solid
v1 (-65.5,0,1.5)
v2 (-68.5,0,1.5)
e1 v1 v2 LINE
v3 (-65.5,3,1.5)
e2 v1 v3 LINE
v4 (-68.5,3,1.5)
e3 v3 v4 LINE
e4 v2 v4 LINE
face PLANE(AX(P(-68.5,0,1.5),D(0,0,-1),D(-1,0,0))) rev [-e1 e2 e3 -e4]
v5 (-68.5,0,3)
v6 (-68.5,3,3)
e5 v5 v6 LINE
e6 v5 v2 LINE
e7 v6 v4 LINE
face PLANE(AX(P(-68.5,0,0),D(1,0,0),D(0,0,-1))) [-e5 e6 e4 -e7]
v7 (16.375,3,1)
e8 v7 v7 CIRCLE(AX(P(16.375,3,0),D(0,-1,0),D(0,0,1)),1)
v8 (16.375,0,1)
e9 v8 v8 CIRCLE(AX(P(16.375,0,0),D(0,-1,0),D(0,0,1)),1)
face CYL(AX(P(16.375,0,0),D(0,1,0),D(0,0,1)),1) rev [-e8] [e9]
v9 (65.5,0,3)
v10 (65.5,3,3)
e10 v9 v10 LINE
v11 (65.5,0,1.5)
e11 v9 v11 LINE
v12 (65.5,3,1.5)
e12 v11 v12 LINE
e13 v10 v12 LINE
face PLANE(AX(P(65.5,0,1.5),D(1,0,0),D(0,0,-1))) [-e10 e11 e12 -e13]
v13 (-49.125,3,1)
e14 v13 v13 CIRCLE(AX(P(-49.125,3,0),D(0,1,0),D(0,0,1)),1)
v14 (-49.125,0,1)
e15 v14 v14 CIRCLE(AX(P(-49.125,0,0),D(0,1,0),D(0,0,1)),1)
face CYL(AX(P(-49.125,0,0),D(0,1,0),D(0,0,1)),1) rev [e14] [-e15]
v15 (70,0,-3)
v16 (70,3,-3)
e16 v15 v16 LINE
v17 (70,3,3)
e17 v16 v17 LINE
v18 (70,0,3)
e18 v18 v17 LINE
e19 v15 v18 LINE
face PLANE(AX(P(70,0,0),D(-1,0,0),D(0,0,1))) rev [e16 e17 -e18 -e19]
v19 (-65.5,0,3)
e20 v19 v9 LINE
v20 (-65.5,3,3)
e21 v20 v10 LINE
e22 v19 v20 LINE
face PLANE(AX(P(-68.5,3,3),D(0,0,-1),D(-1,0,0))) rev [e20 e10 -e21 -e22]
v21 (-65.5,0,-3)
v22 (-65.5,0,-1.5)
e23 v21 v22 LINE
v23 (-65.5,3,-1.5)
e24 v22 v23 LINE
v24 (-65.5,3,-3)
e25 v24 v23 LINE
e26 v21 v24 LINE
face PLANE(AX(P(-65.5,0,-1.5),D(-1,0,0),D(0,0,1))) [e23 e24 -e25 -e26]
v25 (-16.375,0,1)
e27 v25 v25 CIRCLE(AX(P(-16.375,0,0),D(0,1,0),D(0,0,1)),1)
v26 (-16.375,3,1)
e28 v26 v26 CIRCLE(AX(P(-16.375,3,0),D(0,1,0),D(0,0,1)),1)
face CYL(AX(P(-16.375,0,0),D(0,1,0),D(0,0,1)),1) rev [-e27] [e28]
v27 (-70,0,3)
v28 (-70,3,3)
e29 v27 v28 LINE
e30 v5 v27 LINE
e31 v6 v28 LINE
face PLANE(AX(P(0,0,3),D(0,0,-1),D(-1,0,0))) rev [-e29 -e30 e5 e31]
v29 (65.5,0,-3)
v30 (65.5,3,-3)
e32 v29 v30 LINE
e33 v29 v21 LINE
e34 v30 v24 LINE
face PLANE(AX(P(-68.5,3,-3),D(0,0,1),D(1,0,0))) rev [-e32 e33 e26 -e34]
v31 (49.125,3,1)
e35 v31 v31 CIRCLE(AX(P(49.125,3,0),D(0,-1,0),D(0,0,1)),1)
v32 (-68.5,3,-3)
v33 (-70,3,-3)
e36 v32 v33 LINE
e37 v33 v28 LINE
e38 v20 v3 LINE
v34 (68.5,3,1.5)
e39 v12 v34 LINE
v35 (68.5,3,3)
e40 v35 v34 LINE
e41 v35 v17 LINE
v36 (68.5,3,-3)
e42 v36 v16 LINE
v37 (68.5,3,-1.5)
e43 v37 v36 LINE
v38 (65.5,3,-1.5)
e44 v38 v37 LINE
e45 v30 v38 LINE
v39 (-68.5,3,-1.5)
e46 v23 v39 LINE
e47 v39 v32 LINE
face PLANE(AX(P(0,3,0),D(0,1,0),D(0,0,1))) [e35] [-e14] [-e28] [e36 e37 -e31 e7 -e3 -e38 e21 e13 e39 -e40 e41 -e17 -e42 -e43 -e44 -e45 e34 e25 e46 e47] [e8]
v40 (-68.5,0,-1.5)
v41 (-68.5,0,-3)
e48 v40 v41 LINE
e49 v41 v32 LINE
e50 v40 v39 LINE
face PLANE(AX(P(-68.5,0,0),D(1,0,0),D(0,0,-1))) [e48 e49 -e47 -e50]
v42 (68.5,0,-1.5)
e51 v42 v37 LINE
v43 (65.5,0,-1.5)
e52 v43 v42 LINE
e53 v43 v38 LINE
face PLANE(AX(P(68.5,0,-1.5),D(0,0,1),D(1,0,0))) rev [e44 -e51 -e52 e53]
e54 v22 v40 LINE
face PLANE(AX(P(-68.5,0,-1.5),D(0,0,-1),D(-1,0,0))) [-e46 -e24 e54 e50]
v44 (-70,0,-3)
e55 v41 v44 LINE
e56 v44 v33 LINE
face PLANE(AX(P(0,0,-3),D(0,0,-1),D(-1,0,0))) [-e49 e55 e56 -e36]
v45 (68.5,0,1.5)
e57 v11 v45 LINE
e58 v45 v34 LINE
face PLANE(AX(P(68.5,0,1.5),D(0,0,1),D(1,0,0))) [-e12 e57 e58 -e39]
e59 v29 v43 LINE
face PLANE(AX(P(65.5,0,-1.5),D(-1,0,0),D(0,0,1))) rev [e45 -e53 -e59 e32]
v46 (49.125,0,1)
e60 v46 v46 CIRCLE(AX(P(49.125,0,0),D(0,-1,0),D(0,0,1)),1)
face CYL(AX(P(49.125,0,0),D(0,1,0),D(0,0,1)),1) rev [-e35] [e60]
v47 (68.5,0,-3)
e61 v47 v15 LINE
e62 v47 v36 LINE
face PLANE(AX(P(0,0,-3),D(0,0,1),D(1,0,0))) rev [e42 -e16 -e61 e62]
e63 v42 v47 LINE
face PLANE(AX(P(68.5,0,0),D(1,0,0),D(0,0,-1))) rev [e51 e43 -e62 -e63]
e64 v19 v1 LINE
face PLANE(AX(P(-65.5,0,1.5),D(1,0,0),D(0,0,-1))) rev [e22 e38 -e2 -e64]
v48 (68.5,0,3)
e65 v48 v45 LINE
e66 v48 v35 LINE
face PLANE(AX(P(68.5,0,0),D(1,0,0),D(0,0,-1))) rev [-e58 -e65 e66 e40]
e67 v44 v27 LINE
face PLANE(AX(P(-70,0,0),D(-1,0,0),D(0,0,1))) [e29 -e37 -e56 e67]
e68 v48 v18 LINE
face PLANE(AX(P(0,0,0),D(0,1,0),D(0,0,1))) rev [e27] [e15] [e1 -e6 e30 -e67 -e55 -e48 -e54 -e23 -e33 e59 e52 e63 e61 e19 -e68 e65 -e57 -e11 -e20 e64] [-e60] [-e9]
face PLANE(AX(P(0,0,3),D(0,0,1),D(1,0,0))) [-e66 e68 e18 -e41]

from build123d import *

# Parameters (mm, degrees)
SKETCH1_W               = 137
SKETCH1_H               = 6
BOSS_EXTRUDE1_DEPTH     = 3
SKETCH2_W               = 3
SKETCH2_H               = 1.5
CUT_EXTRUDE1_DEPTH      = 3
MIRROR2_COPY_1_SKETCH_W = 3
MIRROR2_COPY_1_SKETCH_H = 1.5
MIRROR2_COPY_1_DEPTH    = 3
BOSS_EXTRUDE2_DEPTH     = 3
CUT_EXTRUDE2_DEPTH      = 3


with BuildPart() as part:
    # Sketch1 → Boss-Extrude1 (new body)
    with BuildSketch(Plane(origin=(0, 0, 0), x_dir=(1, 0, 0), z_dir=(0, 1, 0))):
        Rectangle(SKETCH1_W, SKETCH1_H)
    extrude(amount=BOSS_EXTRUDE1_DEPTH)

    # Sketch2 → Cut-Extrude1 (cut)
    with BuildSketch(Plane(origin=(0, 3, 0), x_dir=(1, 0, 0), z_dir=(0, 1, 0))):
        with Locations((67, 2.25)):
            Rectangle(SKETCH2_W, SKETCH2_H)
    cut_extrude1 = extrude(amount=-CUT_EXTRUDE1_DEPTH, mode=Mode.SUBTRACT)

    # Mirror1: Cut-Extrude1 across plane
    add(cut_extrude1.mirror(Plane.XY), mode=Mode.SUBTRACT)

    # Mirror2: Cut-Extrude1 across plane
    add(cut_extrude1.mirror(Plane(origin=(0, 0, 0), x_dir=(0, 0, 1), z_dir=(1, 0, 0))), mode=Mode.SUBTRACT)

    # Mirror2 copy 1 sketch → Mirror2 copy 1 (cut)
    with BuildSketch(Plane(origin=(0, 3, 0), x_dir=(-1, 0, 0), z_dir=(0, 1, 0))):
        with Locations((67, 2.25)):
            Rectangle(MIRROR2_COPY_1_SKETCH_W, MIRROR2_COPY_1_SKETCH_H)
    extrude(amount=-MIRROR2_COPY_1_DEPTH, mode=Mode.SUBTRACT)

    # Sketch3 → Boss-Extrude2 (add)
    with BuildSketch(Plane(origin=(0, 3, 0), x_dir=(1, 0, 0), z_dir=(0, 1, 0))):
        Polygon((70, 3), (68.5, 3), (68.5, 1.5), (68.5, -1.5), (68.5, -3), (70, -3), align=None)
    boss_extrude2 = extrude(amount=-BOSS_EXTRUDE2_DEPTH)

    # Mirror3: Boss-Extrude2 across plane
    add(boss_extrude2.mirror(Plane(origin=(0, 0, 0), x_dir=(0, 0, 1), z_dir=(1, 0, 0))))

    # Sketch4 → Cut-Extrude2 (cut)
    with BuildSketch(Plane(origin=(0, 3, 0), x_dir=(1, 0, 0), z_dir=(0, 1, 0))):
        with BuildLine():
            ThreePointArc((-50.125, 0), (-49.125, -1), (-48.125, 0))
            Line((-48.125, 0), (-50.125, 0))
        make_face()
        with BuildLine():
            Line((-50.125, 0), (-48.125, 0))
            ThreePointArc((-48.125, 0), (-49.125, 1), (-50.125, 0))
        make_face()
        with BuildLine():
            ThreePointArc((-15.375, 0), (-16.375, 1), (-17.375, 0))
            Line((-17.375, 0), (-15.375, 0))
        make_face()
        with BuildLine():
            Line((-15.375, 0), (-17.375, 0))
            ThreePointArc((-17.375, 0), (-16.375, -1), (-15.375, 0))
        make_face()
    cut_extrude2 = extrude(amount=-CUT_EXTRUDE2_DEPTH, mode=Mode.SUBTRACT)

    # Mirror4: Cut-Extrude2 across plane
    add(cut_extrude2.mirror(Plane(origin=(0, 0, 0), x_dir=(0, 0, 1), z_dir=(1, 0, 0))), mode=Mode.SUBTRACT)


solid = part.part
